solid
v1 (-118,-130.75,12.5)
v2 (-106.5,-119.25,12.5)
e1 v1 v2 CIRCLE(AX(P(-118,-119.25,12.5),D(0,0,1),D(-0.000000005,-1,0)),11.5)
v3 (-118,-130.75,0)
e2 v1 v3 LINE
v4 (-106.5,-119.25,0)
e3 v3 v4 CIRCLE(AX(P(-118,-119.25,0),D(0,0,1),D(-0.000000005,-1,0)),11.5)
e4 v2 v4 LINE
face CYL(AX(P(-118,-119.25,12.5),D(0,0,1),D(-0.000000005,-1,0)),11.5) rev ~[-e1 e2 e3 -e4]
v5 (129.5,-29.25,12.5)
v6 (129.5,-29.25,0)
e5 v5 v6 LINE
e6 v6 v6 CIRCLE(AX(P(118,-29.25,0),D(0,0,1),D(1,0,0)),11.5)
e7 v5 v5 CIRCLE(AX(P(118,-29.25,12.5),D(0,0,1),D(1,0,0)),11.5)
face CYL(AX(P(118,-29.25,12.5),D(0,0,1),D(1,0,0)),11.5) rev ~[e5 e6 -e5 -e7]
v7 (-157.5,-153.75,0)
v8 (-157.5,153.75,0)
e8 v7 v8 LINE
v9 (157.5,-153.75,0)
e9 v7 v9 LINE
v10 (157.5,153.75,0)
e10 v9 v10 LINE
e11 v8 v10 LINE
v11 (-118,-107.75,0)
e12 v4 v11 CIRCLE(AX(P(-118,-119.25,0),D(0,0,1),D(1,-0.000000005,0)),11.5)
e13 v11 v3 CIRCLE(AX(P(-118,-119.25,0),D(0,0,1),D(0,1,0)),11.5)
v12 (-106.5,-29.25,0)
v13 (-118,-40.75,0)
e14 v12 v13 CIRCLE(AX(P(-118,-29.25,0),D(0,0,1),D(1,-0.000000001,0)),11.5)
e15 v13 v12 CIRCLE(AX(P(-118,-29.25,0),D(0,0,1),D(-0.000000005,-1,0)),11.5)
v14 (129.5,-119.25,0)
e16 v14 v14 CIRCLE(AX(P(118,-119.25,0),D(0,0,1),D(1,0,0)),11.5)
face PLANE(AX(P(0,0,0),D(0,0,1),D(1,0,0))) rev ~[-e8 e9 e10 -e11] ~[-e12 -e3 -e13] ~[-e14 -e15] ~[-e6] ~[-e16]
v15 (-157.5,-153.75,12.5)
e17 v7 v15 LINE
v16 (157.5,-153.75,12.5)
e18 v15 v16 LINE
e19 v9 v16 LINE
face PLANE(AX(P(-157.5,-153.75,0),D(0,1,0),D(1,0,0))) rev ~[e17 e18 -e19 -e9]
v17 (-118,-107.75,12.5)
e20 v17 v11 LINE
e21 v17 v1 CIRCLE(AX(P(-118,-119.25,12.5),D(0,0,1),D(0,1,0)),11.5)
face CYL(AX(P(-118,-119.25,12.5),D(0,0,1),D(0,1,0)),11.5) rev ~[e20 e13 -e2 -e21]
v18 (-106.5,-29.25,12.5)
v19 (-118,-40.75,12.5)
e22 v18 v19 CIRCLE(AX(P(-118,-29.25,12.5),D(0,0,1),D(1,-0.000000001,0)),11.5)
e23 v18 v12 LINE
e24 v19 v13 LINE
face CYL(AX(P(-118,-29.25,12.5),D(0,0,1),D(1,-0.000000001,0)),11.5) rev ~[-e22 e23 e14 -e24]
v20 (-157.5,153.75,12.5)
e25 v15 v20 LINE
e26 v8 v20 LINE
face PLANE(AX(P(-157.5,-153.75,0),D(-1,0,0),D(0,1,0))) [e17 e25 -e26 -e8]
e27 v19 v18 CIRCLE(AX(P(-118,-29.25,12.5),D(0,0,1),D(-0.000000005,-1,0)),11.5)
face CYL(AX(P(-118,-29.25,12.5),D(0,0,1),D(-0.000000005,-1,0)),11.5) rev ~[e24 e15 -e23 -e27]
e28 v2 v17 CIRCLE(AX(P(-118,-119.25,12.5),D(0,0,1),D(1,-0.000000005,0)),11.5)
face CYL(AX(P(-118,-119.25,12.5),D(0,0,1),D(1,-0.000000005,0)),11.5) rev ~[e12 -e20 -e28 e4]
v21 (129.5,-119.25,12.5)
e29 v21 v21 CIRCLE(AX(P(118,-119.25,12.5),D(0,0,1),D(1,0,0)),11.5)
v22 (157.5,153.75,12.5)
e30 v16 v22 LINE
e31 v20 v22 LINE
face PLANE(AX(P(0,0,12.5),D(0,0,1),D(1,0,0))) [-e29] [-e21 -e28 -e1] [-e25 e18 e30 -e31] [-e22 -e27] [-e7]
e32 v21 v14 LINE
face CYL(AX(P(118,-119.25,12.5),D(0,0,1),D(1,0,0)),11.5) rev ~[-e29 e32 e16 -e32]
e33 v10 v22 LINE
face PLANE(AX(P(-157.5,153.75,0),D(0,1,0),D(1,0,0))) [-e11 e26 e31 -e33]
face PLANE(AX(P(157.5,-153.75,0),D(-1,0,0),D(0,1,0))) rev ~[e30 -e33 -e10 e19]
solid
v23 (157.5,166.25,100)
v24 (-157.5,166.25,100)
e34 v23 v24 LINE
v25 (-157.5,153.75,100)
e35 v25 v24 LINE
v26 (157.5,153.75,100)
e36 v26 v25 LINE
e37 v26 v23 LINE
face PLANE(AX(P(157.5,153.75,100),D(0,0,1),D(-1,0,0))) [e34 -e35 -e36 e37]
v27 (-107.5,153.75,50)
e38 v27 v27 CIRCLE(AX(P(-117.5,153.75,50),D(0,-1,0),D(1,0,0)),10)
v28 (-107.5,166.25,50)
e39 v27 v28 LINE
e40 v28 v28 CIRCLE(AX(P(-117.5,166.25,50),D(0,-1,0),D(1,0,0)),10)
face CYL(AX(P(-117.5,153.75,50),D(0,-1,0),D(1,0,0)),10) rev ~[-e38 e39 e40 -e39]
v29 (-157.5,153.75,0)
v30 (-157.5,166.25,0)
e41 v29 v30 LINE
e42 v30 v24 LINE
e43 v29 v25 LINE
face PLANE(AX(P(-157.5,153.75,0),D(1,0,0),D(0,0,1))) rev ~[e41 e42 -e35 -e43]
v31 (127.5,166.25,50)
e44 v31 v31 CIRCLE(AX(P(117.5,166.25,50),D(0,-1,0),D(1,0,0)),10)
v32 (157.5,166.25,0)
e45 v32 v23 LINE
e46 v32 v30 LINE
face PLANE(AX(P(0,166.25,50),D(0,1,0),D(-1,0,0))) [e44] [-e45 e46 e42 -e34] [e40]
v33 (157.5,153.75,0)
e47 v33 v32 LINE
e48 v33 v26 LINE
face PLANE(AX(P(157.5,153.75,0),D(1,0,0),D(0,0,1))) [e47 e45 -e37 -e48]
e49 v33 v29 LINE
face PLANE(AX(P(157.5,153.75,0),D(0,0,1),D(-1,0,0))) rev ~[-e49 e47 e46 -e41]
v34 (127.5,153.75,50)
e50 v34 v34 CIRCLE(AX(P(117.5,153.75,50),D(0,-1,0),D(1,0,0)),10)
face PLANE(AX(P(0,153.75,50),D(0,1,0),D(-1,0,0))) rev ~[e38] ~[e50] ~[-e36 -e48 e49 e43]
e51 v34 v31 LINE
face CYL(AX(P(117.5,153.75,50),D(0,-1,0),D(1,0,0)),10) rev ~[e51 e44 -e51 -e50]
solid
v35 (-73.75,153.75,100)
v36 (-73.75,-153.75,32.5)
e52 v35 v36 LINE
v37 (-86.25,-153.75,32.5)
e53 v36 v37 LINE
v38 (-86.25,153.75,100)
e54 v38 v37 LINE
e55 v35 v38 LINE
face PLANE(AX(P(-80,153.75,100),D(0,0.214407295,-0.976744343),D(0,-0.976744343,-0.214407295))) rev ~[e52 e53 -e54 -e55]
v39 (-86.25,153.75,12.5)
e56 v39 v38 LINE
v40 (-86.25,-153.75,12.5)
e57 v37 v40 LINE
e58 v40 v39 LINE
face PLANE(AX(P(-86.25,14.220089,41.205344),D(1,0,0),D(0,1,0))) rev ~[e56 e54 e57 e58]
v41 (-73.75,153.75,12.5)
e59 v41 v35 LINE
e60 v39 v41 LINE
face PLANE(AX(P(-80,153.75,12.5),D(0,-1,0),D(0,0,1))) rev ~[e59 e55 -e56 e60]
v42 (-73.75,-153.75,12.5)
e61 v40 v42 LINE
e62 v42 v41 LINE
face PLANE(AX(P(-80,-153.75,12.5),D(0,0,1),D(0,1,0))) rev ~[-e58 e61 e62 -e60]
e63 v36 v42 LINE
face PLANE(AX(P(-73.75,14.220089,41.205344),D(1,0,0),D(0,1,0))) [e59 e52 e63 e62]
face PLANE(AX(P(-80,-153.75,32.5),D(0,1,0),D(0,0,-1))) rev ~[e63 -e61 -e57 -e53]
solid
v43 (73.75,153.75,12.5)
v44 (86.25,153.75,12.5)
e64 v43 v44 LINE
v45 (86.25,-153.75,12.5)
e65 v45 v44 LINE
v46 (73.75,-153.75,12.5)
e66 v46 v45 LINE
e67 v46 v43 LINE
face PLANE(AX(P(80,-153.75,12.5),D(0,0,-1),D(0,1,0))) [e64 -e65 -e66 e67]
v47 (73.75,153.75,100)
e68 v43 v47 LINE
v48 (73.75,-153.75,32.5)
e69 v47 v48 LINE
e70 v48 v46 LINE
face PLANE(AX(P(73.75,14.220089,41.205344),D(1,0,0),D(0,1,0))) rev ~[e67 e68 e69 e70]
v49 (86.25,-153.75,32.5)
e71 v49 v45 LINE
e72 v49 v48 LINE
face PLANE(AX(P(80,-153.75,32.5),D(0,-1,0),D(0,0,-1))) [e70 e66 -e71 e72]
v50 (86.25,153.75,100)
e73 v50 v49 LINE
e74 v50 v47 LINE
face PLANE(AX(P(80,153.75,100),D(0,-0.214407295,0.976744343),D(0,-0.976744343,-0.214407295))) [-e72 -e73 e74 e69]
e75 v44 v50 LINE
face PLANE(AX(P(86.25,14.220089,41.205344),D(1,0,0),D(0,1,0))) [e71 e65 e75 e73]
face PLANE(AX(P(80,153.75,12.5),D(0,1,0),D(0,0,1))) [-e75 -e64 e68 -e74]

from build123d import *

# Parameters (mm, degrees)
F0_W      = 315
F0_H      = 307.5
F1_DEPTH  = 12.5
F2_W      = 315
F2_H      = 100
F3_DEPTH  = 12.5
F9_DEPTH  = 6.25
F10_R     = 10
F11_DEPTH = 12.5
F12_R     = 11.5
F13_DEPTH = 12.5


with BuildPart() as f1:
    # F0 (on Top) → F1 (new body)
    with BuildSketch(Plane.XY):
        Rectangle(F0_W, F0_H)
    extrude(amount=F1_DEPTH)

    # F12 (on face) → F13 (cut, through all)
    with BuildSketch(Plane.XY.offset(12.5)):
        with BuildLine():
            ThreePointArc((-118, -130.75), (-109.868272, -127.381728), (-106.5, -119.25))
            ThreePointArc((-106.5, -119.25), (-109.868272, -111.118272), (-118, -107.75))
            Line((-118, -107.75), (-118, -130.75))
        make_face()
        with BuildLine():
            ThreePointArc((-106.5, -29.25), (-126.131728, -21.118272), (-118, -40.75))
            ThreePointArc((-118, -40.75), (-109.868272, -37.381728), (-106.5, -29.25))
        make_face()
        with BuildLine():
            Line((-118, -130.75), (-118, -107.75))
            ThreePointArc((-118, -107.75), (-129.5, -119.25), (-118, -130.75))
        make_face()
        with Locations((118, -29.25)):
            Circle(F12_R)
        with Locations((118, -119.25)):
            Circle(F12_R)
    extrude(amount=-F13_DEPTH, mode=Mode.SUBTRACT)


with BuildPart() as f3:
    # F2 (on face) → F3 (new body)
    with BuildSketch(Plane(origin=(0, 153.75, 0), x_dir=(-1, 0, 0), z_dir=(0, 1, 0))):
        with Locations((0, 50)):
            Rectangle(F2_W, F2_H)
    extrude(amount=F3_DEPTH)

    # F10 (on face) → F11 (cut, through all)
    with BuildSketch(Plane.XZ.offset(-153.75)):
        with Locations((117.5, 50)):
            Circle(F10_R)
        with Locations((-117.5, 50)):
            Circle(F10_R)
    extrude(amount=-F11_DEPTH, mode=Mode.SUBTRACT)


with BuildPart() as f9:
    # F7 (on offset) + F8 (on offset) → F9 (new body, symmetric)
    with BuildSketch(Plane.YZ.offset(-80)):
        Polygon((-153.75, 32.5), (-153.75, 12.5), (153.75, 12.5), (153.75, 100), align=None)
    with BuildSketch(Plane.YZ.offset(80)):
        Polygon((-153.75, 32.5), (-153.75, 12.5), (153.75, 12.5), (153.75, 100), align=None)
    extrude(amount=F9_DEPTH, both=True)


solid = Compound([f1.part, f3.part, f9.part])
